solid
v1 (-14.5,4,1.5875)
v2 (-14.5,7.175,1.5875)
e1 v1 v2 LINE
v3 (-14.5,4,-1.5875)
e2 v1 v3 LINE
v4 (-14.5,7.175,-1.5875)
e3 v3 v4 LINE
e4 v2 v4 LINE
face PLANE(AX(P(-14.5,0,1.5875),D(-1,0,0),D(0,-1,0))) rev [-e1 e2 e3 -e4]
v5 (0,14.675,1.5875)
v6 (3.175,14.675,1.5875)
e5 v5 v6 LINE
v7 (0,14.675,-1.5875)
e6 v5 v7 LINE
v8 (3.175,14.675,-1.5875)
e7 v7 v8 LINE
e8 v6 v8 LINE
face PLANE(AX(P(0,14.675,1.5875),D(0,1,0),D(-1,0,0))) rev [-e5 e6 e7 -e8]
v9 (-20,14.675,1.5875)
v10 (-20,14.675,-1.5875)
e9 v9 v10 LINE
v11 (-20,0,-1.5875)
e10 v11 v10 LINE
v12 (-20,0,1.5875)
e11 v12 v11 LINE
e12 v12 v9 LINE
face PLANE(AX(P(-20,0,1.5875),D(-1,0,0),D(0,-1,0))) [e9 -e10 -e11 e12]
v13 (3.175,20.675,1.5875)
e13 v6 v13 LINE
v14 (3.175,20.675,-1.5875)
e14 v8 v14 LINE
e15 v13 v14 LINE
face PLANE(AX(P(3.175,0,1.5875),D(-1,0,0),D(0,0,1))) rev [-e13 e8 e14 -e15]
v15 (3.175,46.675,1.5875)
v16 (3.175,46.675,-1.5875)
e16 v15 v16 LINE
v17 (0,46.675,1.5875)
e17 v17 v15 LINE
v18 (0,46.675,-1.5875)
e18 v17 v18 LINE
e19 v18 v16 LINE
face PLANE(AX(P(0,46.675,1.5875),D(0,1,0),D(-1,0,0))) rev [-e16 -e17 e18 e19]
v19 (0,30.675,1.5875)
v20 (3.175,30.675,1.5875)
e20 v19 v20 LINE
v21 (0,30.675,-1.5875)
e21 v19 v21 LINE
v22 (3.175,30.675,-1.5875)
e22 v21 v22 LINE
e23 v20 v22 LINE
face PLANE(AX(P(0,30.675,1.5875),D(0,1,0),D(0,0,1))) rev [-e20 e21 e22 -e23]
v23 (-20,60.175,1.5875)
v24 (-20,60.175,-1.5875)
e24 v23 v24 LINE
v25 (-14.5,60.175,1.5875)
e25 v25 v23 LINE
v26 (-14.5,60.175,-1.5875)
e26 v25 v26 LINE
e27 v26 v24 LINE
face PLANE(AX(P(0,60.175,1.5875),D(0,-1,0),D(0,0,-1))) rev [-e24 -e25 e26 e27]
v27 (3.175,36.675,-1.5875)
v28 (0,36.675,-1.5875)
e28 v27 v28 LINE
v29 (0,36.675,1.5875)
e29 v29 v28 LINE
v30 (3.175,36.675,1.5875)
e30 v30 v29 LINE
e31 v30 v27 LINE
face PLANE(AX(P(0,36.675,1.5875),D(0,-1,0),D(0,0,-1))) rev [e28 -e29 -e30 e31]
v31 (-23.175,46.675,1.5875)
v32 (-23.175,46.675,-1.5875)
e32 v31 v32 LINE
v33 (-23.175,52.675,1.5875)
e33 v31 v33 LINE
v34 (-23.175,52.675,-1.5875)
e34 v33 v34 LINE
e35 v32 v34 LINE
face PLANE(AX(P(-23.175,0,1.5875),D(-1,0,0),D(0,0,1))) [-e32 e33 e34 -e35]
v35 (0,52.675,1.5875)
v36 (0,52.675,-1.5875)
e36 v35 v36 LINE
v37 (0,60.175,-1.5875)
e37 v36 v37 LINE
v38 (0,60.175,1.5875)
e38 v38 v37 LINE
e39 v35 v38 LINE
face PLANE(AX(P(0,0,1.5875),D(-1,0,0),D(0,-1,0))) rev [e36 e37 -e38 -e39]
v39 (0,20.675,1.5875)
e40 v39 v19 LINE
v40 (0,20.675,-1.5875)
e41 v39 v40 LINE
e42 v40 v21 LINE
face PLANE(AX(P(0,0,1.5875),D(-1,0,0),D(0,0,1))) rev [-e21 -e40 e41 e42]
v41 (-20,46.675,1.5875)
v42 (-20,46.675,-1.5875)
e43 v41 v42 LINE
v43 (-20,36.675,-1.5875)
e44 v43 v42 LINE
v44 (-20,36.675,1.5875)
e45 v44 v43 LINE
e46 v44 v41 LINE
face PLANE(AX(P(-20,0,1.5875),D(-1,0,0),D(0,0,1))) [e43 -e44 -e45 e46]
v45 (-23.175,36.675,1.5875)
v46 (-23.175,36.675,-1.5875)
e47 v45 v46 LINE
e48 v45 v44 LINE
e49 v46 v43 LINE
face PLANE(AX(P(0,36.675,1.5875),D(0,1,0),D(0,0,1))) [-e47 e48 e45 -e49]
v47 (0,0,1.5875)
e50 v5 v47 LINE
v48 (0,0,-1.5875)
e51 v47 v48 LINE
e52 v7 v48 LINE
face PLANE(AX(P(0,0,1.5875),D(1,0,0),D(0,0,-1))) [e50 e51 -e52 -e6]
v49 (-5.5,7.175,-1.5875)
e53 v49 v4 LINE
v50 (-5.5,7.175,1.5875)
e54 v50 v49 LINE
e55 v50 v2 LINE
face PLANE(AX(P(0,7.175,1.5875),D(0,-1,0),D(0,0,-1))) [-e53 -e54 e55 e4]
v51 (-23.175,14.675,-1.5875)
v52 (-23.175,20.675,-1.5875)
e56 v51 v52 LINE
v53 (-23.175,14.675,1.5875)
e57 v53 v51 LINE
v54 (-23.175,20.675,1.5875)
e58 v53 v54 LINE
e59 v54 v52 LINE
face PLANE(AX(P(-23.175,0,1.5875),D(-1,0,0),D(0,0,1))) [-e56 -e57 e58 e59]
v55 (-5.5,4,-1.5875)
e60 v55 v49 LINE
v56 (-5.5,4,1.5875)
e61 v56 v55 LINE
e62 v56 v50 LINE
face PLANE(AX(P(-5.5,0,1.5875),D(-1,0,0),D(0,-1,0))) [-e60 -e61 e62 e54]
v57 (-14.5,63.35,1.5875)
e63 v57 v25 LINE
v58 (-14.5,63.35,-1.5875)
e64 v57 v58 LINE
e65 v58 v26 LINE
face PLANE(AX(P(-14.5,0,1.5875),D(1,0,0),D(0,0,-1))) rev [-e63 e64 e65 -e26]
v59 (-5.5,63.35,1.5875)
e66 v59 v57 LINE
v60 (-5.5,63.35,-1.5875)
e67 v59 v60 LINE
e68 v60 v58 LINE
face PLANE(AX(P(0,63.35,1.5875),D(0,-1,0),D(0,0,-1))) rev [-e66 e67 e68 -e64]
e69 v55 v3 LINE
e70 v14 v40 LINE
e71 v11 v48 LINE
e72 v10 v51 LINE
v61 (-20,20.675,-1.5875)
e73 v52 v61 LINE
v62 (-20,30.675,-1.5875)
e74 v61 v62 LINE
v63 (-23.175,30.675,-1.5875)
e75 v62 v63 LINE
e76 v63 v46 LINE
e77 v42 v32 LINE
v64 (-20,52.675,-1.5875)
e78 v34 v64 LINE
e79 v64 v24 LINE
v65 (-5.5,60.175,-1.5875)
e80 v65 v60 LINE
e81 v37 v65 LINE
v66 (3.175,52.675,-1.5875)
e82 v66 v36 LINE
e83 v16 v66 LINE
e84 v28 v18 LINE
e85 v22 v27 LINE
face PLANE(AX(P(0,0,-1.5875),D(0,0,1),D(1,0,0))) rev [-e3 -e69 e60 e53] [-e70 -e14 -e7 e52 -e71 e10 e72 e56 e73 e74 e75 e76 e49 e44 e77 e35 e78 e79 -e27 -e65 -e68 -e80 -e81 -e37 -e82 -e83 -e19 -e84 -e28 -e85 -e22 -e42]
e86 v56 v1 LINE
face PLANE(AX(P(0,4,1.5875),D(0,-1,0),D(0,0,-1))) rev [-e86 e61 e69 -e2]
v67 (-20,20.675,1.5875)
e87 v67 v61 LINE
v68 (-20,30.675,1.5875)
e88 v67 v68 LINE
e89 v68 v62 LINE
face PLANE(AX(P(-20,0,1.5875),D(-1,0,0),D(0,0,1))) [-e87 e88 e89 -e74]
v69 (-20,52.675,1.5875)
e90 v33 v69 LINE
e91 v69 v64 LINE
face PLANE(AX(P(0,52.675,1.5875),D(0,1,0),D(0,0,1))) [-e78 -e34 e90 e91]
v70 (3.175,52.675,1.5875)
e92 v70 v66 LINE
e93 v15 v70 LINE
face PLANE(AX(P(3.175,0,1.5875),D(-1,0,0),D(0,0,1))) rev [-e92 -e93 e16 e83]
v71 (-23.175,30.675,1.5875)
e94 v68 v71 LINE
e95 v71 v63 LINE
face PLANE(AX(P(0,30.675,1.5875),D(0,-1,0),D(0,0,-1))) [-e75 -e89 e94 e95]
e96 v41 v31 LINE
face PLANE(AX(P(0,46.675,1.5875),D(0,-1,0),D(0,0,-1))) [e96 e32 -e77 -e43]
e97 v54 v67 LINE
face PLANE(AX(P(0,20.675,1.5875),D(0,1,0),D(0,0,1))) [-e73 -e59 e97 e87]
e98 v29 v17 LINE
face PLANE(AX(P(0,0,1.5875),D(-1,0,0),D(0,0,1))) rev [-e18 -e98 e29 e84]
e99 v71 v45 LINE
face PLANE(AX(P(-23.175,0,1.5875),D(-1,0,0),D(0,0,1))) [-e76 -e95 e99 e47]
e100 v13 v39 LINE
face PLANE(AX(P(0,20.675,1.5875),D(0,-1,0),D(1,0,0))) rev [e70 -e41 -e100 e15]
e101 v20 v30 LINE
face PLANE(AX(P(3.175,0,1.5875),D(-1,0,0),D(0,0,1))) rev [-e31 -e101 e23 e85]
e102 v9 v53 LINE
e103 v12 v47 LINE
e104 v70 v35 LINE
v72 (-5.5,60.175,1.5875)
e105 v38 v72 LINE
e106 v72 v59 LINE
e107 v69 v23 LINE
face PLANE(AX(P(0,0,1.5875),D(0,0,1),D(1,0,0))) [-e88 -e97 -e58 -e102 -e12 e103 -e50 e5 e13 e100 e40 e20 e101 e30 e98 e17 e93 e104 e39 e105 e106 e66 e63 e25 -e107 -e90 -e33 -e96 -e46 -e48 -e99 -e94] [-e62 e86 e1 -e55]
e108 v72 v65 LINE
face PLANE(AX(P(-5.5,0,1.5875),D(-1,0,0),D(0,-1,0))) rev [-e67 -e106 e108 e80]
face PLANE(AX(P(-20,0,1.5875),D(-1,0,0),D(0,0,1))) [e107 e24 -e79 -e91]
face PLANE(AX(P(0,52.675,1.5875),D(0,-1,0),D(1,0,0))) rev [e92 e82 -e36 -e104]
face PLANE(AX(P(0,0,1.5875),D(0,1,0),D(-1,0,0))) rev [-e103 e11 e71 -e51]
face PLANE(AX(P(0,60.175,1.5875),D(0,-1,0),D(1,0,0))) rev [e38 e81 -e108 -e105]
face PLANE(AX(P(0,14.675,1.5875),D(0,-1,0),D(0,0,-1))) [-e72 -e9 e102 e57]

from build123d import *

# Parameters (mm, degrees)
SKETCH1_W           = 9
SKETCH1_H           = 3.175
BOSS_EXTRUDE2_DEPTH = 1.5875


with BuildPart() as part:
    # Sketch1 → Boss-Extrude2 (new body, symmetric)
    with BuildSketch(Plane.XY):
        Polygon((0, 14.675), (3.175, 14.675), (3.175, 20.675), (0, 20.675), (0, 30.675), (3.175, 30.675), (3.175, 36.675), (0, 36.675), (0, 46.675), (3.175, 46.675), (3.175, 52.675), (0, 52.675), (0, 60.175), (-5.5, 60.175), (-5.5, 63.35), (-14.5, 63.35), (-14.5, 60.175), (-20, 60.175), (-20, 52.675), (-23.175, 52.675), (-23.175, 46.675), (-20, 46.675), (-20, 36.675), (-23.175, 36.675), (-23.175, 30.675), (-20, 30.675), (-20, 20.675), (-23.175, 20.675), (-23.175, 14.675), (-20, 14.675), (-20, 7.175), (-20, 0), (0, 0), (0, 7.175), align=None)
        with Locations((-10, 5.5875)):
            Rectangle(SKETCH1_W, SKETCH1_H, mode=Mode.SUBTRACT)
    extrude(amount=BOSS_EXTRUDE2_DEPTH, both=True)


solid = part.part
